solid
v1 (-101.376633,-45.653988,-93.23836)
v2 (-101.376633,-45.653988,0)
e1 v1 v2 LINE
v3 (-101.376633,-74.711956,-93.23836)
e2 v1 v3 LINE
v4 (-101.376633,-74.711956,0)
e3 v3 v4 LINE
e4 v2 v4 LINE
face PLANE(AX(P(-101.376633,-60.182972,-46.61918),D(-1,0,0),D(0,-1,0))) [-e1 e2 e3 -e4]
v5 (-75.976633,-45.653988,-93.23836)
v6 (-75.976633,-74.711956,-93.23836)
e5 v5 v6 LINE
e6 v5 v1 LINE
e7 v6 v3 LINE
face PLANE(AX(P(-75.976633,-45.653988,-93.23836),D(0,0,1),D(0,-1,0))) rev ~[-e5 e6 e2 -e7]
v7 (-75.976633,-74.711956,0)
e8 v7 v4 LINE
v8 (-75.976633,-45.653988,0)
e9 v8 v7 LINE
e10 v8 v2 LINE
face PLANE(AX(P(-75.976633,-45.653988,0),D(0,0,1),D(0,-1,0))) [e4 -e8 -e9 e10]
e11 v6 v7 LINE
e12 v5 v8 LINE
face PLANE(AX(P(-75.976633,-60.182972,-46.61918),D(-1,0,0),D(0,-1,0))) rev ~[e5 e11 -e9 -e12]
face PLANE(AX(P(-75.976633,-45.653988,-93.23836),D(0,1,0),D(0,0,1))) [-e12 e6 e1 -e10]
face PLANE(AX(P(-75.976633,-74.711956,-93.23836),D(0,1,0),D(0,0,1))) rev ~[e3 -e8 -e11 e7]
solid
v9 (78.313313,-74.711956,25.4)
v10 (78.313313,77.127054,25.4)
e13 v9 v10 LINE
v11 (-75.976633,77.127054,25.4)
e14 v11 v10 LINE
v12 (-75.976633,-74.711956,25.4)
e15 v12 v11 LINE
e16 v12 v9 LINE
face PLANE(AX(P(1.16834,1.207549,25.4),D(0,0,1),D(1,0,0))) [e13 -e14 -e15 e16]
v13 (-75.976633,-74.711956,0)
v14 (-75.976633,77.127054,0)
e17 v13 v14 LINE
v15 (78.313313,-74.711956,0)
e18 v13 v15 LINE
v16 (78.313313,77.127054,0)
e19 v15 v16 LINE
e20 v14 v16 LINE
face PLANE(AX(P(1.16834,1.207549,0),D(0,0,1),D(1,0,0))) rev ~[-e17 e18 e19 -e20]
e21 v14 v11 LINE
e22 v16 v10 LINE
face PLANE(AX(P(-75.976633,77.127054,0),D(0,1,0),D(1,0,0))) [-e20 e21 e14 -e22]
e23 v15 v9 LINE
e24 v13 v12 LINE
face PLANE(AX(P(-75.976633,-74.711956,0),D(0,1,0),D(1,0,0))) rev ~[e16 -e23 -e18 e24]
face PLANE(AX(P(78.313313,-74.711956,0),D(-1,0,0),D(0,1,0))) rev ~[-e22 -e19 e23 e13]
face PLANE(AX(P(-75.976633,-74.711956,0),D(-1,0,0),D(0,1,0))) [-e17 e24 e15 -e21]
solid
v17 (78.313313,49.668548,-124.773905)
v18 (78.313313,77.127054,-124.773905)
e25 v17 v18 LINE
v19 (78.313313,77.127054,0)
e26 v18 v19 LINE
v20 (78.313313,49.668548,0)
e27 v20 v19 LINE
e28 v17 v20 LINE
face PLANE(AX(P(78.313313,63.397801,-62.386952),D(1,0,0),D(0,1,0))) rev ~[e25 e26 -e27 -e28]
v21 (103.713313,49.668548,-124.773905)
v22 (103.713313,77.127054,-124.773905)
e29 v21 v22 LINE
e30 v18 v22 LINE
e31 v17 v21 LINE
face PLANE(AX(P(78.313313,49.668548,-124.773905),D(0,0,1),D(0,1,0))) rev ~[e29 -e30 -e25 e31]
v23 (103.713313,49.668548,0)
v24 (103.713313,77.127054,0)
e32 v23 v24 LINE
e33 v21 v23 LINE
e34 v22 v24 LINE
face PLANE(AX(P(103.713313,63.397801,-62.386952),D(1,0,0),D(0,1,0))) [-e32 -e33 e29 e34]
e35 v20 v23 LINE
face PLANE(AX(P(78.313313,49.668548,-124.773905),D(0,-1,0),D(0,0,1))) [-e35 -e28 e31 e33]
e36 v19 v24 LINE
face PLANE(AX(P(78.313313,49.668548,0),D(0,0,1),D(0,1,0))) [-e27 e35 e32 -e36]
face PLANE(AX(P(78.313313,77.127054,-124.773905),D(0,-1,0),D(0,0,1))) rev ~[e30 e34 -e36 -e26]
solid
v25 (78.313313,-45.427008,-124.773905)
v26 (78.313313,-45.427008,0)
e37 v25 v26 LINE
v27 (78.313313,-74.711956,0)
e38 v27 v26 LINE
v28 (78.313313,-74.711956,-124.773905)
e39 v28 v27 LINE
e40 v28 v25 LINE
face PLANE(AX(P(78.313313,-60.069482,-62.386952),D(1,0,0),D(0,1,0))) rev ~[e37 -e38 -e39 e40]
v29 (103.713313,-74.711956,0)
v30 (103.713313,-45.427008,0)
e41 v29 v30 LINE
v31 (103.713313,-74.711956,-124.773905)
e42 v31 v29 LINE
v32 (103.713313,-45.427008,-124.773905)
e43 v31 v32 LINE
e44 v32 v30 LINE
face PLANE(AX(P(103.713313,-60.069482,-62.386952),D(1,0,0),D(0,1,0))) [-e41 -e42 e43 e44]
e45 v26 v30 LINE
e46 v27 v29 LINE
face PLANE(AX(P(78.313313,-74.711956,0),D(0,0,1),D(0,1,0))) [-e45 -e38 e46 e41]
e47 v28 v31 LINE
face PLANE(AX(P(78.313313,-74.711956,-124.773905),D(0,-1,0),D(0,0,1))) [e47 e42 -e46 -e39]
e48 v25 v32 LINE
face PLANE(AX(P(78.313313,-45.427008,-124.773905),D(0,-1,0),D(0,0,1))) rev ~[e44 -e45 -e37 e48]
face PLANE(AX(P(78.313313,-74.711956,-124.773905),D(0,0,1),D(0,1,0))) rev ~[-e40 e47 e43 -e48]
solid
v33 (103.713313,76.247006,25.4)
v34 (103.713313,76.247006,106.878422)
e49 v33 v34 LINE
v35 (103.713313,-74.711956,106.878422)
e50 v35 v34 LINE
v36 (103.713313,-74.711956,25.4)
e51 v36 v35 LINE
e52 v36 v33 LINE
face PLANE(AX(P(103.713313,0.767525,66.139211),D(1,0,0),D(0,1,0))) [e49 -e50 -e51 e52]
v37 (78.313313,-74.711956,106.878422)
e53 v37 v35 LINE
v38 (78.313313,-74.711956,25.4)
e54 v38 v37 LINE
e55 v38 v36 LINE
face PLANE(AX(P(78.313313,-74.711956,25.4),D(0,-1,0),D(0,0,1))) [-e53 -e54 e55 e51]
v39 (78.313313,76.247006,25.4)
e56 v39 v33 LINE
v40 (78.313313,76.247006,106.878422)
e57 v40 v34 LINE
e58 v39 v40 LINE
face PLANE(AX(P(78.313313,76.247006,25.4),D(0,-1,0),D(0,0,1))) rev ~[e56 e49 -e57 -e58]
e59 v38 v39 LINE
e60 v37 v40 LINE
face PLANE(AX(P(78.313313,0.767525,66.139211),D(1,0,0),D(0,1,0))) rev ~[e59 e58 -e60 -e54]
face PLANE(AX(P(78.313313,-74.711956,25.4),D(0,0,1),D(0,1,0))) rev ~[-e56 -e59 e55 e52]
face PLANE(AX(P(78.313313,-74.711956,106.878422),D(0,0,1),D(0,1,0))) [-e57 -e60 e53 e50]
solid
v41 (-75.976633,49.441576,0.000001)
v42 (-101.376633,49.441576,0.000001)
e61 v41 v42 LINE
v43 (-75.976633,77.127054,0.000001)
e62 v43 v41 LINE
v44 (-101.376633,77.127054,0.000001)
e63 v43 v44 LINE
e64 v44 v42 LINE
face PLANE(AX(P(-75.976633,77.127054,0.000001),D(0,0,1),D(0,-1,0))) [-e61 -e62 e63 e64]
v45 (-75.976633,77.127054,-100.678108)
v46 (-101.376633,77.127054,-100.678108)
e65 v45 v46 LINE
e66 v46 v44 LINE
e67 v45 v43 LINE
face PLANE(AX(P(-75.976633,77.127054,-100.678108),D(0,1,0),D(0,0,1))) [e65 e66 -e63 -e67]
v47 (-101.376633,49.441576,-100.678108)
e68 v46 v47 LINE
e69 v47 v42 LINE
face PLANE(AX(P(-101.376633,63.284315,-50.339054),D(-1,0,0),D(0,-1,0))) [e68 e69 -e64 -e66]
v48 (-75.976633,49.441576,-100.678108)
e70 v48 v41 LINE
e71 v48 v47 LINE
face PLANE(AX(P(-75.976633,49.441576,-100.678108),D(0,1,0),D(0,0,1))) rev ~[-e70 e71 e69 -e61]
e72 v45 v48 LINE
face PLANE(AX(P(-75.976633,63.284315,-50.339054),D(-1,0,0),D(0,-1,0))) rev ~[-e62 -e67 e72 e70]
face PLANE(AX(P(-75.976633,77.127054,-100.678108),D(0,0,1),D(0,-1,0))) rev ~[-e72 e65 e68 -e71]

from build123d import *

# Parameters (mm, degrees)
F0_W     = 154.289946
F0_H     = 151.83901
F1_DEPTH = 25.4
F2_W     = 150.958963
F2_H     = 81.478422
F3_DEPTH = 25.4
F4_W     = 29.057968
F4_H     = 93.238361
F5_DEPTH = 25.4
F6_W     = 27.685478
F6_H     = 100.678109
F7_DEPTH = 25.4
F8_W     = 27.458507
F8_H     = 124.773905
F8_W_2   = 29.284947
F9_DEPTH = 25.4


with BuildPart() as f1:
    # F0 (on Top) → F1 (new body)
    with BuildSketch(Plane.XY):
        with Locations((1.16834, 1.207549)):
            Rectangle(F0_W, F0_H)
    extrude(amount=F1_DEPTH)


with BuildPart() as f3:
    # F2 (on face) → F3 (new body)
    with BuildSketch(Plane.YZ.offset(78.313313)):
        with Locations((0.767525, 66.139211)):
            Rectangle(F2_W, F2_H)
    extrude(amount=F3_DEPTH)


with BuildPart() as f5:
    # F4 (on face) → F5 (new body)
    with BuildSketch(Plane(origin=(-75.976633, 0, 0), x_dir=(0, -1, 0), z_dir=(-1, 0, 0))):
        with Locations((60.182972, -46.61918)):
            Rectangle(F4_W, F4_H)
    extrude(amount=F5_DEPTH)


with BuildPart() as f7:
    # F6 (on face) → F7 (new body)
    with BuildSketch(Plane(origin=(-75.976633, 0, 0), x_dir=(0, -1, 0), z_dir=(-1, 0, 0))):
        with Locations((-63.284315, -50.339054)):
            Rectangle(F6_W, F6_H)
    extrude(amount=F7_DEPTH)


with BuildPart() as f9:
    # F8 (on face) → F9 (new body)
    with BuildSketch(Plane.YZ.offset(78.313313)):
        with Locations((63.397801, -62.386952)):
            Rectangle(F8_W, F8_H)
        with Locations((-60.069482, -62.386952)):
            Rectangle(F8_W_2, F8_H)
    extrude(amount=F9_DEPTH)


solid = Compound([f1.part, f3.part, f5.part, f7.part, f9.part])
